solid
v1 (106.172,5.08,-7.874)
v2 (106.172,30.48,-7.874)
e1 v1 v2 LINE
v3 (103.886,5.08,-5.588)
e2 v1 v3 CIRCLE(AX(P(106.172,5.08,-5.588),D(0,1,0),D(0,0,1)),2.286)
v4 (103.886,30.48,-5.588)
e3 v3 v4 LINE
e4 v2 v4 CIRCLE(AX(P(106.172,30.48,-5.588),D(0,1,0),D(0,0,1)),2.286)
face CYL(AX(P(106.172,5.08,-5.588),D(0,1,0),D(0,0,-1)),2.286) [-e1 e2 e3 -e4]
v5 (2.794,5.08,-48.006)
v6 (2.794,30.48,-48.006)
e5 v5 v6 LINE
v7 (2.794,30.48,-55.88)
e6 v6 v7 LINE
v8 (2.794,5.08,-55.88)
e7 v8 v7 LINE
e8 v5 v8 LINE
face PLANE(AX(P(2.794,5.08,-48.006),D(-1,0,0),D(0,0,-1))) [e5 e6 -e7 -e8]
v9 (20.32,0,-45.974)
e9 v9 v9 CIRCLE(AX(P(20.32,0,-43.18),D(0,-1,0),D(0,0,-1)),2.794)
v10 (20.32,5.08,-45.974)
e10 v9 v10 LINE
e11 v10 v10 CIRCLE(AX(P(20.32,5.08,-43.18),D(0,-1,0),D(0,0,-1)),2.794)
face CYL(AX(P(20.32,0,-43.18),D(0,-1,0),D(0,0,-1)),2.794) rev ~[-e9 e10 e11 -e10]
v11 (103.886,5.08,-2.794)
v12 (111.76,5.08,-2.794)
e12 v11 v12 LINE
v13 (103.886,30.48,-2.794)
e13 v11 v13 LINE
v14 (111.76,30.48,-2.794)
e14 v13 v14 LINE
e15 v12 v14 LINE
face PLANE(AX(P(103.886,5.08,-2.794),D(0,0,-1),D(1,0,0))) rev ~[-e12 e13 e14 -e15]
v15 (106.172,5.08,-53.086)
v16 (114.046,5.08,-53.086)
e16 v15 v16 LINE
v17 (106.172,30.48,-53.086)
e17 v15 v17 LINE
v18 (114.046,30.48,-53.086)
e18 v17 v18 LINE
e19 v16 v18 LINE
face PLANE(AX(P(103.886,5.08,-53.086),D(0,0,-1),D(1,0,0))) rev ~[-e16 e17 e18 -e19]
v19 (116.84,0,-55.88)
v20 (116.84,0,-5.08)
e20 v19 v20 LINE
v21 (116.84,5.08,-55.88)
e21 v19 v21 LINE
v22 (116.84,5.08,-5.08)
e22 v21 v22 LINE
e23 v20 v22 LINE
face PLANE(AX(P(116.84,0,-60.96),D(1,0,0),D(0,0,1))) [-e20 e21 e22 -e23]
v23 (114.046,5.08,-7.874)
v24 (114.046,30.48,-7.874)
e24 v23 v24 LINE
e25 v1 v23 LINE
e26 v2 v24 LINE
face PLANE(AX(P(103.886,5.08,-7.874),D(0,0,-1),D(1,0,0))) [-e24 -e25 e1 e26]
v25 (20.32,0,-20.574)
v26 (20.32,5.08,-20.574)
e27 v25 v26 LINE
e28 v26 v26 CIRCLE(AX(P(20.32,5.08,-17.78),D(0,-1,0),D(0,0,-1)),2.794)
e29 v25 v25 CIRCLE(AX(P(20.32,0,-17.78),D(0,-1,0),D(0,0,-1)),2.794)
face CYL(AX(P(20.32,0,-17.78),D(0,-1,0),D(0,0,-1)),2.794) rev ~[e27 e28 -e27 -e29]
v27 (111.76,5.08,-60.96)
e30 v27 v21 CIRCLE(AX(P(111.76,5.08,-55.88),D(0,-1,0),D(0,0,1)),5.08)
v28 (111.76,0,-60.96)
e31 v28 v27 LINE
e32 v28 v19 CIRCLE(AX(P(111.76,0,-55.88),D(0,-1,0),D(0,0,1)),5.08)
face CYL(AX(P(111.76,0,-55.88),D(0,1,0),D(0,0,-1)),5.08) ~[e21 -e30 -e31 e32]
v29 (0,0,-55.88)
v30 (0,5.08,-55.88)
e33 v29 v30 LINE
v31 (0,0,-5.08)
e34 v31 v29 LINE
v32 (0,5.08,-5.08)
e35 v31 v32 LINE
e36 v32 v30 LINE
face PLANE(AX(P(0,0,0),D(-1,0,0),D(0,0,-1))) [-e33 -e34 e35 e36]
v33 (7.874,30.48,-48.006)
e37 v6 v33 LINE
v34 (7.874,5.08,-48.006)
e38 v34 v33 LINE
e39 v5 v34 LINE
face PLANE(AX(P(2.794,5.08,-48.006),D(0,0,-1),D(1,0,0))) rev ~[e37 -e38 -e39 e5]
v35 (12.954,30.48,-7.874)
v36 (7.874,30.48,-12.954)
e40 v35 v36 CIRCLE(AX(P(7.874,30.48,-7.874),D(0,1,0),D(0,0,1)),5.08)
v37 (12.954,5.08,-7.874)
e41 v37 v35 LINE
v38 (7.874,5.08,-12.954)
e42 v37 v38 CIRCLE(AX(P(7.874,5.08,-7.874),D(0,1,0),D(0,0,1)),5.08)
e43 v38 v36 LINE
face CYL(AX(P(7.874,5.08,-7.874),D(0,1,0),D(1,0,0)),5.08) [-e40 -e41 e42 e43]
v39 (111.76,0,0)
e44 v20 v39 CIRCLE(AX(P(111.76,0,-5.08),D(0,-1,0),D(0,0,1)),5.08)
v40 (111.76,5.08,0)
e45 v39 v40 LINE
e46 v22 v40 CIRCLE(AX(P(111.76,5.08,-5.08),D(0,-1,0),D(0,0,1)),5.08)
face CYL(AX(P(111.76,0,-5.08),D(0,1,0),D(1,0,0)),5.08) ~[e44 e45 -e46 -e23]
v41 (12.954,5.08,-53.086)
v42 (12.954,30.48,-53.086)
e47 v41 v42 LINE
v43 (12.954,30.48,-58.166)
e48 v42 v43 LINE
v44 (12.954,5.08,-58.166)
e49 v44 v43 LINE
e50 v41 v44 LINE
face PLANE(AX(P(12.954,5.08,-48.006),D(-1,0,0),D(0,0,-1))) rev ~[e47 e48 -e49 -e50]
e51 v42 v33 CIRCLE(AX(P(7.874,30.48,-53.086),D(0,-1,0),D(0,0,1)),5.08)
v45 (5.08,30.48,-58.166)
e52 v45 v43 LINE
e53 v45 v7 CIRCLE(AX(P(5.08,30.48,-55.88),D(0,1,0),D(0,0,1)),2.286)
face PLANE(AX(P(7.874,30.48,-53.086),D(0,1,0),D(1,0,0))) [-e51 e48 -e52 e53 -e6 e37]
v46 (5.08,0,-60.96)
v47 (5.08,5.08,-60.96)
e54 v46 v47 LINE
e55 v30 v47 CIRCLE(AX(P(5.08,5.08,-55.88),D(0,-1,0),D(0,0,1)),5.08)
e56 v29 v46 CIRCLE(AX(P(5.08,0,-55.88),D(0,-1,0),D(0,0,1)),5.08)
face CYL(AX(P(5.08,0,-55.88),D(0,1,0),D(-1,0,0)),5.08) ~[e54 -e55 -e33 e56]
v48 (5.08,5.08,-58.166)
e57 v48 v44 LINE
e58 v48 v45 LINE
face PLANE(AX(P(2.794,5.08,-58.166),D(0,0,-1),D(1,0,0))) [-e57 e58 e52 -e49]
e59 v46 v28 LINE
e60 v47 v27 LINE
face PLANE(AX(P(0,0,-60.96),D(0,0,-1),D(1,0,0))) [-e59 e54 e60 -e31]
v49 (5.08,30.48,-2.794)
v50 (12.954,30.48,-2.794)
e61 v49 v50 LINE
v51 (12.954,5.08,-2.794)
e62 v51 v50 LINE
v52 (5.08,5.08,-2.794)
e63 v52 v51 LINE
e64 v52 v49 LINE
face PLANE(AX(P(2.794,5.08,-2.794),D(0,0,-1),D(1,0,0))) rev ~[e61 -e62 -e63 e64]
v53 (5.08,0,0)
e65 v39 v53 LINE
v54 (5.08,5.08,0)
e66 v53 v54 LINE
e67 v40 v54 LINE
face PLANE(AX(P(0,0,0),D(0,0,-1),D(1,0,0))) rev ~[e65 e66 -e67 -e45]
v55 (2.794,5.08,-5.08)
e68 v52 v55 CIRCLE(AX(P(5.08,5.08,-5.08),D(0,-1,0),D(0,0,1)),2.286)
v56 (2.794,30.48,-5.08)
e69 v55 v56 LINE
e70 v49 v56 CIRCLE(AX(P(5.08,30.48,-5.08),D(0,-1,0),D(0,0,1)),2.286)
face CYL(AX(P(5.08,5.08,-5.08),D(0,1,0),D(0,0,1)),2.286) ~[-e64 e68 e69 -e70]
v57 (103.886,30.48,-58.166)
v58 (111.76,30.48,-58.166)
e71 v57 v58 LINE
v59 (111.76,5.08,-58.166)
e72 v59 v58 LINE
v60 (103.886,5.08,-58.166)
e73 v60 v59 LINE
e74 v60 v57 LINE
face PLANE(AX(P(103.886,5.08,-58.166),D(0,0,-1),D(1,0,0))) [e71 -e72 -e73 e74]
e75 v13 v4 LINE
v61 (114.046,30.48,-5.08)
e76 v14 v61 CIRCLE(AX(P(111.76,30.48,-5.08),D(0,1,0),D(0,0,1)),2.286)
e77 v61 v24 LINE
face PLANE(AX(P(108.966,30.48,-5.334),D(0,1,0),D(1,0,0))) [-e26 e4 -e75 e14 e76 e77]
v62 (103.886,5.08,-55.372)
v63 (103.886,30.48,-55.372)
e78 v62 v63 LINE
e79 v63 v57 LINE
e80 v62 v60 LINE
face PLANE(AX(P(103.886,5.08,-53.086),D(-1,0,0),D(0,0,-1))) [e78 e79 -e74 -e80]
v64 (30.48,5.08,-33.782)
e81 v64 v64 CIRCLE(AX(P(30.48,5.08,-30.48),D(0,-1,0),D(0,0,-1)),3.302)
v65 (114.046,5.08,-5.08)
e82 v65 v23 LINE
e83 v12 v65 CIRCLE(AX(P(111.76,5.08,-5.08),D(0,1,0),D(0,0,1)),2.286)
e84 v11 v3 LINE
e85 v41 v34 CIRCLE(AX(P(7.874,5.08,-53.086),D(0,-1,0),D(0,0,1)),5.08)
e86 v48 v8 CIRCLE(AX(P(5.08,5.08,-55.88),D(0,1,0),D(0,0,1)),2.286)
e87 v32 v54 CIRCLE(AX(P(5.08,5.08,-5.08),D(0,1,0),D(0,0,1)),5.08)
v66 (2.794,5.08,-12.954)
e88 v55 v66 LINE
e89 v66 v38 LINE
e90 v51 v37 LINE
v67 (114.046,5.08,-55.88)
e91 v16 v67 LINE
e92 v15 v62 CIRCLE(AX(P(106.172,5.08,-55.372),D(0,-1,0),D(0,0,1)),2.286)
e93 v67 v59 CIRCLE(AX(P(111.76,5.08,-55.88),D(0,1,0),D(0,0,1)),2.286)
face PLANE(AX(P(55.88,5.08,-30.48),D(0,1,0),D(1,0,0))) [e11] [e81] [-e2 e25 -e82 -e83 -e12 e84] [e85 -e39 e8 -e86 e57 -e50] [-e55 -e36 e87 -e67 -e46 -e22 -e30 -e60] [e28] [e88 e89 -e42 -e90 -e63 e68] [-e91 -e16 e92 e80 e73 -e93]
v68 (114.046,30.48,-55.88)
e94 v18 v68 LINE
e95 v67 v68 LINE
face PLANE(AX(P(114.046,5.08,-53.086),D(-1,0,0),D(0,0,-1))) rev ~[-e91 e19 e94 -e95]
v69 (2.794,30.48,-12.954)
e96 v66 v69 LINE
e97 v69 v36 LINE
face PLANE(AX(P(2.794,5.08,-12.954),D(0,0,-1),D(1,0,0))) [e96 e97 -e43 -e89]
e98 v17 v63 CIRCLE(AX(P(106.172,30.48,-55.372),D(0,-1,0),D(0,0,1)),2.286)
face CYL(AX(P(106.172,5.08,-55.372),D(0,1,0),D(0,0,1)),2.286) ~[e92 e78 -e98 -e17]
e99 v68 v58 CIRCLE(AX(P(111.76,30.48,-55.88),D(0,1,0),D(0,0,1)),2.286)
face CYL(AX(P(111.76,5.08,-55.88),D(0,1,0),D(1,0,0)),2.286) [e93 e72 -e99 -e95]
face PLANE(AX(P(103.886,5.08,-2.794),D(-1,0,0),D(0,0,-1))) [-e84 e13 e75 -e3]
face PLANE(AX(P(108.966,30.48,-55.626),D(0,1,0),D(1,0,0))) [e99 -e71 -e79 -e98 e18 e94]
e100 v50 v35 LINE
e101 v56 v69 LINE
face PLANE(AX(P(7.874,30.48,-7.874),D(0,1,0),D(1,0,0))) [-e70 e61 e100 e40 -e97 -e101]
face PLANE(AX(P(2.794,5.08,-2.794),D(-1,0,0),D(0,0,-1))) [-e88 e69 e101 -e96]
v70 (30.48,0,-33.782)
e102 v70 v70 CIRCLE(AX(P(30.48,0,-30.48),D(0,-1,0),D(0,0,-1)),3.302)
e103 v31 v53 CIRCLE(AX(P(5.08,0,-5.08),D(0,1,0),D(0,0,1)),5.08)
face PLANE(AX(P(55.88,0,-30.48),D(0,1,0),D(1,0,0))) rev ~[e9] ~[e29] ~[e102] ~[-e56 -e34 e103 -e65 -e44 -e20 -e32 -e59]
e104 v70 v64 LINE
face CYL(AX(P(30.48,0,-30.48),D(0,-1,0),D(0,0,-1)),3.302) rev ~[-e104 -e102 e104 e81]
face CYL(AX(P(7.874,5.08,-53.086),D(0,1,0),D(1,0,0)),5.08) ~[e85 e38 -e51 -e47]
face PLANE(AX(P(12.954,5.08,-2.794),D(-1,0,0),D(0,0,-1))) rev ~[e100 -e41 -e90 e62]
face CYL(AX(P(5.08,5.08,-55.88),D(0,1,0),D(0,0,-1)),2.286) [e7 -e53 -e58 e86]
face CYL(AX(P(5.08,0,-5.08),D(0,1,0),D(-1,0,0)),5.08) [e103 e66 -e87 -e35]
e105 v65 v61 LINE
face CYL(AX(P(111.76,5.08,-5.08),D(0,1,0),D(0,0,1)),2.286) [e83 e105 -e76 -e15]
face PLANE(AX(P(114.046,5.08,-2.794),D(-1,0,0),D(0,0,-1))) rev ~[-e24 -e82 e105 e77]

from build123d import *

# Parameters (mm, degrees)
SKETCH1_W           = 111.76
SKETCH1_H           = 60.96
BOSS_EXTRUDE1_DEPTH = 5.08
FILLET1_R           = 5.08
CUT_EXTRUDE1_REACH  = 129.406
SKETCH3_R           = 2.794
SKETCH3_R_2         = 3.302
SKETCH5_W           = 10.16
SKETCH5_H           = 60.96
BOSS_EXTRUDE2_DEPTH = 5.08
FILLET2_R           = 5.08
SKETCH2_W           = 10.16
SKETCH2_H           = 10.16
SKETCH2_H_2         = 5.08
BOSS_EXTRUDE5_DEPTH = 25.4
FILLET9_R           = 2.286
FILLET10_R          = 5.08


with BuildPart() as part:
    # Sketch1 → Boss-Extrude1 (new body)
    with BuildSketch(Plane(origin=(0, 0, 0), x_dir=(1, 0, 0), z_dir=(0, 1, 0))):
        with Locations((55.88, 30.48)):
            Rectangle(SKETCH1_W, SKETCH1_H)
    extrude(amount=BOSS_EXTRUDE1_DEPTH)

    # Fillet1
    fillet1_edges = [part.edges().sort_by_distance(p)[0] for p in [
        (0, 2.54, -60.96),
        (111.76, 2.54, -60.96),
        (111.76, 2.54, 0),
        (0, 2.54, 0),
    ]]
    fillet(fillet1_edges, radius=FILLET1_R)

    # Sketch3 → Cut-Extrude1 (cut, up to next)
    with BuildSketch(Plane.XZ, mode=Mode.PRIVATE) as cut_extrude1_sk1:
        with Locations(Location((20.32, -17.78, 0), (0, 0, 270))):
            Circle(SKETCH3_R)
    cut_extrude1_tool1 = extrude(cut_extrude1_sk1.sketch, amount=-CUT_EXTRUDE1_REACH, mode=Mode.PRIVATE) & part.part
    # Sketch3 → Cut-Extrude1 (cut, up to next)
    with BuildSketch(Plane.XZ, mode=Mode.PRIVATE) as cut_extrude1_sk2:
        with Locations(Location((20.32, -43.18, 0), (0, 0, 270))):
            Circle(SKETCH3_R)
    cut_extrude1_tool2 = extrude(cut_extrude1_sk2.sketch, amount=-CUT_EXTRUDE1_REACH, mode=Mode.PRIVATE) & part.part
    # Sketch3 → Cut-Extrude1 (cut, up to next)
    with BuildSketch(Plane.XZ, mode=Mode.PRIVATE) as cut_extrude1_sk3:
        with Locations(Location((30.48, -30.48, 0), (0, 0, 270))):
            Circle(SKETCH3_R_2)
    cut_extrude1_tool3 = extrude(cut_extrude1_sk3.sketch, amount=-CUT_EXTRUDE1_REACH, mode=Mode.PRIVATE) & part.part
    add(cut_extrude1_tool1.solids().sort_by_distance((20.32, 0, -17.78))[0], mode=Mode.SUBTRACT)
    add(cut_extrude1_tool2.solids().sort_by_distance((20.32, 0, -43.18))[0], mode=Mode.SUBTRACT)
    add(cut_extrude1_tool3.solids().sort_by_distance((30.48, 0, -30.48))[0], mode=Mode.SUBTRACT)

    # Sketch5 → Boss-Extrude2 (add)
    with BuildSketch(Plane.XZ):
        with Locations((111.76, -30.48)):
            Rectangle(SKETCH5_W, SKETCH5_H)
    extrude(amount=-BOSS_EXTRUDE2_DEPTH)

    # Fillet2
    fillet2_edges = [part.edges().sort_by_distance(p)[0] for p in [
        (116.84, 2.54, 0),
        (116.84, 2.54, -60.96),
    ]]
    fillet(fillet2_edges, radius=FILLET2_R)

    # Sketch2 → Boss-Extrude5 (add)
    with BuildSketch(Plane(origin=(0, 5.08, 0), x_dir=(1, 0, 0), z_dir=(0, 1, 0))):
        with Locations((7.874, 53.086)):
            Rectangle(SKETCH2_W, SKETCH2_H)
        with Locations((7.874, 7.874)):
            Rectangle(SKETCH2_W, SKETCH2_H)
        with Locations((108.966, 55.626)):
            Rectangle(SKETCH2_W, SKETCH2_H_2)
        with Locations((108.966, 5.334)):
            Rectangle(SKETCH2_W, SKETCH2_H_2)
    extrude(amount=BOSS_EXTRUDE5_DEPTH)

    # Fillet9
    fillet9_edges = [part.edges().sort_by_distance(p)[0] for p in [
        (103.886, 17.78, -7.874),
        (114.046, 17.78, -2.794),
        (2.794, 17.78, -2.794),
        (2.794, 17.78, -58.166),
        (103.886, 17.78, -53.086),
        (114.046, 17.78, -58.166),
    ]]
    fillet(fillet9_edges, radius=FILLET9_R)

    # Fillet10
    fillet10_edges = [part.edges().sort_by_distance(p)[0] for p in [
        (12.954, 17.78, -12.954),
        (12.954, 17.78, -48.006),
    ]]
    fillet(fillet10_edges, radius=FILLET10_R)


solid = part.part
